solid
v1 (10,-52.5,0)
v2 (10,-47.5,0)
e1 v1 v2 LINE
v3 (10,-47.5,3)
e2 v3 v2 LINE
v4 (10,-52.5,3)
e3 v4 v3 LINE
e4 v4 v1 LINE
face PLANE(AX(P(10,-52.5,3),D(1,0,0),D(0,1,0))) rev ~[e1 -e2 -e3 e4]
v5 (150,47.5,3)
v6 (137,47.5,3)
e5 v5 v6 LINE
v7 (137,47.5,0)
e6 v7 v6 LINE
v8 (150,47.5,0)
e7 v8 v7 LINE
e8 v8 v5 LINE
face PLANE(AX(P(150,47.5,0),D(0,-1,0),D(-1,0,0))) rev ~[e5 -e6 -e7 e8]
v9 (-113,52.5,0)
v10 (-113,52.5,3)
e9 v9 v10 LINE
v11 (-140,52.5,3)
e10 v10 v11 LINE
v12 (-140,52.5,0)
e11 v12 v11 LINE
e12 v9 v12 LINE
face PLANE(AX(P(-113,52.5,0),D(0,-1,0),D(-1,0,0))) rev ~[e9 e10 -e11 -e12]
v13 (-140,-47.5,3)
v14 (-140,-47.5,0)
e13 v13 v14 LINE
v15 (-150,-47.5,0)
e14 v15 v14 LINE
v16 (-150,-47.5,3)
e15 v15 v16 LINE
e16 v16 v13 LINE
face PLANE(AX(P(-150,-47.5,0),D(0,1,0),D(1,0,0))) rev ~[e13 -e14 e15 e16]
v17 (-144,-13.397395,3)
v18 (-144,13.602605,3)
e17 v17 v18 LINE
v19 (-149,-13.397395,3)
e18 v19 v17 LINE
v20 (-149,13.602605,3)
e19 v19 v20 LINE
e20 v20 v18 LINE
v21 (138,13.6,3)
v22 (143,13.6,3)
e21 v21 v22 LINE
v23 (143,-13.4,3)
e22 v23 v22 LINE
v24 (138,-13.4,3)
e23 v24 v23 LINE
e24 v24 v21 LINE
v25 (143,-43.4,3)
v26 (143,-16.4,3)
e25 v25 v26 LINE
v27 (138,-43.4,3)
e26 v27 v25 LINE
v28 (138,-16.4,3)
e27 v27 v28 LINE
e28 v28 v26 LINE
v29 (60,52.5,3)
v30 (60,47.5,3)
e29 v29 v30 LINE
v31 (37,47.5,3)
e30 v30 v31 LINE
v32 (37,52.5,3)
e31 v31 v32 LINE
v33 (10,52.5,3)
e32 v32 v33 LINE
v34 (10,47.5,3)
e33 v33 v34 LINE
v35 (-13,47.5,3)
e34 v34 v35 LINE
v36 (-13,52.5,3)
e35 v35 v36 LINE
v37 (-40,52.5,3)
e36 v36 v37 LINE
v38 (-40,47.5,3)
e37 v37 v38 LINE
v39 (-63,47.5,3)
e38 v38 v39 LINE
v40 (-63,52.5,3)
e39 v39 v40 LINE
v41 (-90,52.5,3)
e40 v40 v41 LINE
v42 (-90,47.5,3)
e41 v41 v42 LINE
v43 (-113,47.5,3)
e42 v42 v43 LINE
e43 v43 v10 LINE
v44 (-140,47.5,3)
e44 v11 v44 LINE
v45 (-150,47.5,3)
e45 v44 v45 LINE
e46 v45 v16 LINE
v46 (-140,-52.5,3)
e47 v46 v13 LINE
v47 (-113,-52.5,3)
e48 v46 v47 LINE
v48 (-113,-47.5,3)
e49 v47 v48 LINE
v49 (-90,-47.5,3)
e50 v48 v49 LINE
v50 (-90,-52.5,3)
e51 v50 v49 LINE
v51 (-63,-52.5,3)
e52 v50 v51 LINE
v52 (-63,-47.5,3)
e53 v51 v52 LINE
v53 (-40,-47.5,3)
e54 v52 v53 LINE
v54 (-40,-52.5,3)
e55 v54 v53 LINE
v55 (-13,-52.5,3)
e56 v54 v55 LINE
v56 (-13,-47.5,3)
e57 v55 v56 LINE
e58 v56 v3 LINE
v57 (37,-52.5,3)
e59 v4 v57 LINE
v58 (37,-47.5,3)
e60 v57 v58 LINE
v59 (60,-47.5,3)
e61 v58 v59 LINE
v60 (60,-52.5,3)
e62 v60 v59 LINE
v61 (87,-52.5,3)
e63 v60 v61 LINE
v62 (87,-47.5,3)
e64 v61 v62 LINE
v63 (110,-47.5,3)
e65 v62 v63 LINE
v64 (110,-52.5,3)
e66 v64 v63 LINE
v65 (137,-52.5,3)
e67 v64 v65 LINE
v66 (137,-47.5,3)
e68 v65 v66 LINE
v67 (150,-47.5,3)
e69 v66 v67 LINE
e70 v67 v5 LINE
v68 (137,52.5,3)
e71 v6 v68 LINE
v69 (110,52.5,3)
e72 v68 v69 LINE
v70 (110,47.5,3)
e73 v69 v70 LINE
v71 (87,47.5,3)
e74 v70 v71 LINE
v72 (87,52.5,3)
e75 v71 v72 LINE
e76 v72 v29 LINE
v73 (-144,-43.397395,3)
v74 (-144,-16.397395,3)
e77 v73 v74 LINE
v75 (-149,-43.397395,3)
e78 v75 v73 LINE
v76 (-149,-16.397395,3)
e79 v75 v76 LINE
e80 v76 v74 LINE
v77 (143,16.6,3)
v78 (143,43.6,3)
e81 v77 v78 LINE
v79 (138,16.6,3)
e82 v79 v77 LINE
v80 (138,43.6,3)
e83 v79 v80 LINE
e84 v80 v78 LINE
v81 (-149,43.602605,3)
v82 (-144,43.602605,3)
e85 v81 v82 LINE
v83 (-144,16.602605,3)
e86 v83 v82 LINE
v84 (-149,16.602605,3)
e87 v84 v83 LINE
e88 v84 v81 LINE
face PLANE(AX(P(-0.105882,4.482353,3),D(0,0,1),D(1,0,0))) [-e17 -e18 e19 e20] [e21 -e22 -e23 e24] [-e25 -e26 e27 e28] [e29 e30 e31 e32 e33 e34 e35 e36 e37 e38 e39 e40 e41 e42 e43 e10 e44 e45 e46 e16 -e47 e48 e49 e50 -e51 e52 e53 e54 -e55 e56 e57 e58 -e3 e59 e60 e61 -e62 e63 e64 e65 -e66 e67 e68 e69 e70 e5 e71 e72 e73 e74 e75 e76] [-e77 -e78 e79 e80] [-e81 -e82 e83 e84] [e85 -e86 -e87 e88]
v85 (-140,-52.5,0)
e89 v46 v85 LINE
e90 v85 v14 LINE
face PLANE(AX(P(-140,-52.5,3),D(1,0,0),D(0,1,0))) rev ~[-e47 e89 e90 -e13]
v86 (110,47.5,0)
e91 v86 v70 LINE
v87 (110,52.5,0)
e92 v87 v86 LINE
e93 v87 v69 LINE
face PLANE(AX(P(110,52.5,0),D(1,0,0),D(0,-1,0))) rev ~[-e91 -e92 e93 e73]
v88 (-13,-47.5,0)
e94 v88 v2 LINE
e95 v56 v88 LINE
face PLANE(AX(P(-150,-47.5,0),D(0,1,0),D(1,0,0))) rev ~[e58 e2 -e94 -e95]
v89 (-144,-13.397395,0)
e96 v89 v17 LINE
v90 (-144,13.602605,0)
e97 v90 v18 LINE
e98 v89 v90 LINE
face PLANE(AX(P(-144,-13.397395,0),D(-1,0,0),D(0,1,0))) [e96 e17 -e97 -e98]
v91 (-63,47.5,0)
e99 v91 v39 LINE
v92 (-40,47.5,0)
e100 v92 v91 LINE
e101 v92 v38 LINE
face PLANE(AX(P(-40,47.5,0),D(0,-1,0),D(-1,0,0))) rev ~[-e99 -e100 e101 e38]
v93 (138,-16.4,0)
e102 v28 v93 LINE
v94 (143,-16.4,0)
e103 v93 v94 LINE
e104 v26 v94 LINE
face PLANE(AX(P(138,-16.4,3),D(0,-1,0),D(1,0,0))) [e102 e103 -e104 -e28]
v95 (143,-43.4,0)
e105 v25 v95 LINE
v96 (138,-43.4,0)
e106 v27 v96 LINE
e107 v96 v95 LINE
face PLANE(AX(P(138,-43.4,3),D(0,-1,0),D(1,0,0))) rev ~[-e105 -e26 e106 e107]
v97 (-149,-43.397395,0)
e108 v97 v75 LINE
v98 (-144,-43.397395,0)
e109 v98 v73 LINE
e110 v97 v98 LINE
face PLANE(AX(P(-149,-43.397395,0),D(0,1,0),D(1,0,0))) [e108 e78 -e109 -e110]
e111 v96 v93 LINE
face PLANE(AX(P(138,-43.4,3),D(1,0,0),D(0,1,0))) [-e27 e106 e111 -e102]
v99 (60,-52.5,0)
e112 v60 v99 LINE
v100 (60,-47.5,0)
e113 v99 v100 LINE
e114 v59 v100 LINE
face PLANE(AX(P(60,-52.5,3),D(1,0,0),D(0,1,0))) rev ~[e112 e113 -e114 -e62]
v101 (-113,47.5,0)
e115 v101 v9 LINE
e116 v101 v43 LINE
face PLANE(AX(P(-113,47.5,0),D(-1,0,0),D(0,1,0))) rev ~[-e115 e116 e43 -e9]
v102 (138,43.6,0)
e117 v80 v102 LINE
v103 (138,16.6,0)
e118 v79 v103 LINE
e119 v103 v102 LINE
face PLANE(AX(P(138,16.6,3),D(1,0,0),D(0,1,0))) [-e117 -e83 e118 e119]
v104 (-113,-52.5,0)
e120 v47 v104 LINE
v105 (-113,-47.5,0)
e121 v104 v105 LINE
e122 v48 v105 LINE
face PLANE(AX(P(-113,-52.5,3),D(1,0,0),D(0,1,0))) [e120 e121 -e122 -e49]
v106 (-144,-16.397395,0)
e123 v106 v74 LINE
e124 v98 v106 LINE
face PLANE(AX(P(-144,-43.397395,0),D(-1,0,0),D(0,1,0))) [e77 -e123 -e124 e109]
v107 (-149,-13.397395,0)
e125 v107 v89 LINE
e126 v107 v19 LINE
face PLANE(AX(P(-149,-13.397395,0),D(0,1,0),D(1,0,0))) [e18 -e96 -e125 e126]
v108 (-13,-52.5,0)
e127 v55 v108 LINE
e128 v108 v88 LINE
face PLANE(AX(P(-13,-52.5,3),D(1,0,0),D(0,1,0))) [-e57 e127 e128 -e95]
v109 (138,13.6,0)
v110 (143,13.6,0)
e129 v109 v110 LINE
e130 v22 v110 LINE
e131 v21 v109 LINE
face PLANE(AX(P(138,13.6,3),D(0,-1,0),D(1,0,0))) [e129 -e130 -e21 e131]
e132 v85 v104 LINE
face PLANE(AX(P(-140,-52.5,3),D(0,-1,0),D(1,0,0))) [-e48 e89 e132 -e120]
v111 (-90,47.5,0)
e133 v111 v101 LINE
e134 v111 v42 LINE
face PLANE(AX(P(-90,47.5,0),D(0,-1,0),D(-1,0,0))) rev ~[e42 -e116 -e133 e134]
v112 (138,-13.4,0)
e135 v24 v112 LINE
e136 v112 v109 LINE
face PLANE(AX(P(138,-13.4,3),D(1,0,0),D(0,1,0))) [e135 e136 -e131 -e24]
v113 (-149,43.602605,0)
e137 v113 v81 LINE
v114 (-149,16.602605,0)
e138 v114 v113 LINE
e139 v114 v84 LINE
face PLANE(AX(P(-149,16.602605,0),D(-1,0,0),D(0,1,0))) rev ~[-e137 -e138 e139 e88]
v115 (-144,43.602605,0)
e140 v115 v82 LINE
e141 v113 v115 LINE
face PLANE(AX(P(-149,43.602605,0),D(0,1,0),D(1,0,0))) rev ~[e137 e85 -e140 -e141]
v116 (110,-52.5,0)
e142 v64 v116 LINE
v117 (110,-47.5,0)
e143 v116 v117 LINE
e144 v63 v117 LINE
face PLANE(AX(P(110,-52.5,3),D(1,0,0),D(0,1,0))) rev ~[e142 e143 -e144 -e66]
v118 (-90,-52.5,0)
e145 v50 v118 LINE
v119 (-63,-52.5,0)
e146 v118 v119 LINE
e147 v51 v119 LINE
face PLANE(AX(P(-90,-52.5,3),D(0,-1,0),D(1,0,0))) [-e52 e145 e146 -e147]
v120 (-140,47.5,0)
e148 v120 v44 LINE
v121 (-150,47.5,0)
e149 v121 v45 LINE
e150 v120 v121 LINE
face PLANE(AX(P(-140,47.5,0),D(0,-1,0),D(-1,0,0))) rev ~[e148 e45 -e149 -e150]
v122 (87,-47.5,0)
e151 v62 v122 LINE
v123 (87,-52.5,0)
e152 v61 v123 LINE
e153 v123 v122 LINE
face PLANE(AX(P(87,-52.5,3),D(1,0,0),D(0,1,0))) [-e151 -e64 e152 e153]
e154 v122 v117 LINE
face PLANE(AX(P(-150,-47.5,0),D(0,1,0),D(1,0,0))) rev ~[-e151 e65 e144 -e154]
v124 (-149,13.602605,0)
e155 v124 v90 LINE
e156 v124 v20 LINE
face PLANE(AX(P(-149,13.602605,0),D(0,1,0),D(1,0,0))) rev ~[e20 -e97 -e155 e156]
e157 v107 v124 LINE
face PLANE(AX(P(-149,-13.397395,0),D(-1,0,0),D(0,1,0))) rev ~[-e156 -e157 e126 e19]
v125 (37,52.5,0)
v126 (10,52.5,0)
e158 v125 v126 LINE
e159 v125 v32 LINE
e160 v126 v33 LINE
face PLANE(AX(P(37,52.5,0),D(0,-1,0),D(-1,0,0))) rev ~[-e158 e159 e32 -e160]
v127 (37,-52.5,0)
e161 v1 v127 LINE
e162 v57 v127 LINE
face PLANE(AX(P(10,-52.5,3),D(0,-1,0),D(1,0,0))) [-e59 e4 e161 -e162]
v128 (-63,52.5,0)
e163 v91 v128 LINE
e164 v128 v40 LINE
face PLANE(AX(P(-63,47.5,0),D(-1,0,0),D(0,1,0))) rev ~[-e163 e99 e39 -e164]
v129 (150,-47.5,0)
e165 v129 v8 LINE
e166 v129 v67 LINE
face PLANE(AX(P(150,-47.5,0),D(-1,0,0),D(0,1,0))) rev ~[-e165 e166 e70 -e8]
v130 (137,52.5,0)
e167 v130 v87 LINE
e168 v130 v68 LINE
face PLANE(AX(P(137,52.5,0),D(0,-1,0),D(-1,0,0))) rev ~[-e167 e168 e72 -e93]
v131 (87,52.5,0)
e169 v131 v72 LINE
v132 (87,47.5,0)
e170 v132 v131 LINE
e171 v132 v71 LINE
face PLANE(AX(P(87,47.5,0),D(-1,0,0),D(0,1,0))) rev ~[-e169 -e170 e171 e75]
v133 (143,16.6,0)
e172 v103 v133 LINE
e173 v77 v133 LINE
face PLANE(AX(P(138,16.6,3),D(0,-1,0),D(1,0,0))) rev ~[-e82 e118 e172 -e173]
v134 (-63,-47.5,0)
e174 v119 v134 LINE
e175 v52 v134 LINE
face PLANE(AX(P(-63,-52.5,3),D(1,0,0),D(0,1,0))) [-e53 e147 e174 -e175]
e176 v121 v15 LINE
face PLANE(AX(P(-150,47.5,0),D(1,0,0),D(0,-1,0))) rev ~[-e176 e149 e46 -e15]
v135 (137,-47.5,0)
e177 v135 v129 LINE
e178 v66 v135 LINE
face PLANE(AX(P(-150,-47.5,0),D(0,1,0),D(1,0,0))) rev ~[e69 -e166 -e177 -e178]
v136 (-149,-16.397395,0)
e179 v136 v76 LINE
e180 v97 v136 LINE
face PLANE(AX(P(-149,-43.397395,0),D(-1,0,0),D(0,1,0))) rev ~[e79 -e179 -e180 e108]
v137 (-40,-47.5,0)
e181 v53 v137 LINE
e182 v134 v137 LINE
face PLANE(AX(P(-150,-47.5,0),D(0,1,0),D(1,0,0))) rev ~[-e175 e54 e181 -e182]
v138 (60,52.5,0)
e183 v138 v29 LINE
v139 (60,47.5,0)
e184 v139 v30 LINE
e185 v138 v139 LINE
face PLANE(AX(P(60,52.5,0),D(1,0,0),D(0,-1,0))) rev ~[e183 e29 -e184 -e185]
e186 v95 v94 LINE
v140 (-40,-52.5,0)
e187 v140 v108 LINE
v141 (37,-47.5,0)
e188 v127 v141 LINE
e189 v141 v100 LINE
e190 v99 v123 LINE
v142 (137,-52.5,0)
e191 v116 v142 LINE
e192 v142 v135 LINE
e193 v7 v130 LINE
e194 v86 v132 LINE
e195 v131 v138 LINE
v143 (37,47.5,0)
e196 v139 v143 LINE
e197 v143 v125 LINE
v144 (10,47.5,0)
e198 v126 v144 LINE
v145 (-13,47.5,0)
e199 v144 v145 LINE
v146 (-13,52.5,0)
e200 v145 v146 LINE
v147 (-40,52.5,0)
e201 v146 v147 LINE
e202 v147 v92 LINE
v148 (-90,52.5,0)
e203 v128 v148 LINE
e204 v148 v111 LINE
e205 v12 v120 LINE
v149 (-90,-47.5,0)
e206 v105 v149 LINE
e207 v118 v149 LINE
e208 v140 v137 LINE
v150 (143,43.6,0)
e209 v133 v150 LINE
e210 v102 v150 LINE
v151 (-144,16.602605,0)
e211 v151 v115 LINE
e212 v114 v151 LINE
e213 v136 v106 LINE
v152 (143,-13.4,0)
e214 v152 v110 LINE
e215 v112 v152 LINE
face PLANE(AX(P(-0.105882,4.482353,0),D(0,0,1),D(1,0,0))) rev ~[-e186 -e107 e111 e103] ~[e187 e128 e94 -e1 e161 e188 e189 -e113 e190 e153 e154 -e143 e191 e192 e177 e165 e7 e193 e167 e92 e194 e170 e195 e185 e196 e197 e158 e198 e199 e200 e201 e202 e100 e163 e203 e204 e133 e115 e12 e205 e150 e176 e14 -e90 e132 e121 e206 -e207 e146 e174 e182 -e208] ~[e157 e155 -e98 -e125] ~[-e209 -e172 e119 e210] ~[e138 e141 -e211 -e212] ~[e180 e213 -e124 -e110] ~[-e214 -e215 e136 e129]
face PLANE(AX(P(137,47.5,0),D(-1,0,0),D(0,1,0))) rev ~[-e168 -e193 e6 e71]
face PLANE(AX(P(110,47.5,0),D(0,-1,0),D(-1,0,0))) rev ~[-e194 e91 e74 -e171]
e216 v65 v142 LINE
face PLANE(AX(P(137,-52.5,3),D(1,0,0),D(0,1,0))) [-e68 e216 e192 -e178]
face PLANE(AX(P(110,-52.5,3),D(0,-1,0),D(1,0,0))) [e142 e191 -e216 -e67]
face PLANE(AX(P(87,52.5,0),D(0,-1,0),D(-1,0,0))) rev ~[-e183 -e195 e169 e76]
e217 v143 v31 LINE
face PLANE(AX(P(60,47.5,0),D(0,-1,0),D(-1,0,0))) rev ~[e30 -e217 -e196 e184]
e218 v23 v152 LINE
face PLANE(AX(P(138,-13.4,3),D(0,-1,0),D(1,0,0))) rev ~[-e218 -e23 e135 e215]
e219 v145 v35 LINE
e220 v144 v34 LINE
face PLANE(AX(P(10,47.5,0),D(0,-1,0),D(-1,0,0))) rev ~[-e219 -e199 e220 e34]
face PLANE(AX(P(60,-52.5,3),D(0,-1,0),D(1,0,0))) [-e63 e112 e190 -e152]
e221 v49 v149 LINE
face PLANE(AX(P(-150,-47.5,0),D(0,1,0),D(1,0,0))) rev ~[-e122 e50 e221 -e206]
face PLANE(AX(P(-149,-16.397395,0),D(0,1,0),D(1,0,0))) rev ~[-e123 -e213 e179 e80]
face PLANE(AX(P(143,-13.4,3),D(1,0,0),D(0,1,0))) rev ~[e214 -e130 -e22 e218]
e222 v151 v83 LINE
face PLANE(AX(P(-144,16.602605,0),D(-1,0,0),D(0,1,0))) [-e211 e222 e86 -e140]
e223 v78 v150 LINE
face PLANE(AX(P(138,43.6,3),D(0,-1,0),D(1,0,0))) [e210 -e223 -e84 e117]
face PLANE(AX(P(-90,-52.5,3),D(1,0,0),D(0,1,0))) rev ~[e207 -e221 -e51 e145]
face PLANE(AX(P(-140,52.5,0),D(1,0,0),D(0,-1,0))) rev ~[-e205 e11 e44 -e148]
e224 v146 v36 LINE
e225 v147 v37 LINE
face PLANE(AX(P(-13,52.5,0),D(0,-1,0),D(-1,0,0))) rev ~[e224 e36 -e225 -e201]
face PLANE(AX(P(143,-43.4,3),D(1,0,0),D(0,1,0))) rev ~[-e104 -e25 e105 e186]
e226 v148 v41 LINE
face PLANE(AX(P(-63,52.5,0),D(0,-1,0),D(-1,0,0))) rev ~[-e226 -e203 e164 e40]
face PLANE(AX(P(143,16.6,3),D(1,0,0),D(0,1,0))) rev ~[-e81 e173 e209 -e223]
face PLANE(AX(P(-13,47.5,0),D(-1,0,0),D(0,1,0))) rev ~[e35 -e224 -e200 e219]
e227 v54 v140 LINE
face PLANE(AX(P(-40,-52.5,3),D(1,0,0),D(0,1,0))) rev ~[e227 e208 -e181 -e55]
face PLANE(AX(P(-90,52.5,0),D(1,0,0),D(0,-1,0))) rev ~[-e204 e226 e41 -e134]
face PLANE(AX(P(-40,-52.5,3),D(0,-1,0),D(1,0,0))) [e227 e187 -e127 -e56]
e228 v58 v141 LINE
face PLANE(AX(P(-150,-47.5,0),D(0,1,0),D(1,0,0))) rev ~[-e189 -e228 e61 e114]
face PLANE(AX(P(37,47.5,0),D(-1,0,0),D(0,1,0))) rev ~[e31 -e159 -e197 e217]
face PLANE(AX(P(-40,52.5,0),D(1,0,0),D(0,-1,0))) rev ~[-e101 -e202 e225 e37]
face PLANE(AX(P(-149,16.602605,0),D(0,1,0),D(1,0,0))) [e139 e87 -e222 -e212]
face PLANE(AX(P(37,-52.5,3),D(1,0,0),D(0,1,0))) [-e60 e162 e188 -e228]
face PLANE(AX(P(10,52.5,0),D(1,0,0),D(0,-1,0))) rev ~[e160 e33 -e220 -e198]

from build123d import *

# Parameters (mm, degrees)
SKETCH1_W           = 5
SKETCH1_H           = 27
BOSS_EXTRUDE1_DEPTH = 3
SKETCH2_W           = 5
SKETCH2_H           = 27
CUT_EXTRUDE1_DEPTH  = 10
SKETCH3_W           = 27
SKETCH3_H           = 5
BOSS_EXTRUDE3_DEPTH = 3


with BuildPart() as part:
    # Sketch1 → Boss-Extrude1 (new body)
    with BuildSketch(Plane.XY):
        Polygon((-90, 52.5), (-90, 47.5), (-113, 47.5), (-113, 52.5), (-140, 52.5), (-140, 47.5), (-150, 47.5), (-150, -47.5), (150, -47.5), (150, 47.5), (137, 47.5), (137, 52.5), (110, 52.5), (110, 47.5), (87, 47.5), (87, 52.5), (60, 52.5), (60, 47.5), (37, 47.5), (37, 52.5), (10, 52.5), (10, 47.5), (-13, 47.5), (-13, 52.5), (-40, 52.5), (-40, 47.5), (-63, 47.5), (-63, 52.5), align=None)
        with Locations((-146.5, 30.102605219)):
            Rectangle(SKETCH1_W, SKETCH1_H, mode=Mode.SUBTRACT)
        with Locations((-146.5, -29.897394781)):
            Rectangle(SKETCH1_W, SKETCH1_H, mode=Mode.SUBTRACT)
        with Locations((-146.5, 0.102605219)):
            Rectangle(SKETCH1_W, SKETCH1_H, mode=Mode.SUBTRACT)
    extrude(amount=BOSS_EXTRUDE1_DEPTH)

    # Sketch2 → Cut-Extrude1 (cut)
    with BuildSketch(Plane.XY.offset(3)):
        with Locations((140.5, 30.1)):
            Rectangle(SKETCH2_W, SKETCH2_H)
        with Locations((140.5, 0.1)):
            Rectangle(SKETCH2_W, SKETCH2_H)
        with Locations((140.5, -29.9)):
            Rectangle(SKETCH2_W, SKETCH2_H)
    extrude(amount=-CUT_EXTRUDE1_DEPTH, mode=Mode.SUBTRACT)

    # Sketch3 → Boss-Extrude3 (add)
    with BuildSketch(Plane.XY.offset(3)):
        with Locations((-126.5, -50)):
            Rectangle(SKETCH3_W, SKETCH3_H)
        with Locations((-76.5, -50)):
            Rectangle(SKETCH3_W, SKETCH3_H)
        with Locations((-26.5, -50)):
            Rectangle(SKETCH3_W, SKETCH3_H)
        with Locations((23.5, -50)):
            Rectangle(SKETCH3_W, SKETCH3_H)
        with Locations((73.5, -50)):
            Rectangle(SKETCH3_W, SKETCH3_H)
        with Locations((123.5, -50)):
            Rectangle(SKETCH3_W, SKETCH3_H)
    extrude(amount=-BOSS_EXTRUDE3_DEPTH)


solid = part.part
